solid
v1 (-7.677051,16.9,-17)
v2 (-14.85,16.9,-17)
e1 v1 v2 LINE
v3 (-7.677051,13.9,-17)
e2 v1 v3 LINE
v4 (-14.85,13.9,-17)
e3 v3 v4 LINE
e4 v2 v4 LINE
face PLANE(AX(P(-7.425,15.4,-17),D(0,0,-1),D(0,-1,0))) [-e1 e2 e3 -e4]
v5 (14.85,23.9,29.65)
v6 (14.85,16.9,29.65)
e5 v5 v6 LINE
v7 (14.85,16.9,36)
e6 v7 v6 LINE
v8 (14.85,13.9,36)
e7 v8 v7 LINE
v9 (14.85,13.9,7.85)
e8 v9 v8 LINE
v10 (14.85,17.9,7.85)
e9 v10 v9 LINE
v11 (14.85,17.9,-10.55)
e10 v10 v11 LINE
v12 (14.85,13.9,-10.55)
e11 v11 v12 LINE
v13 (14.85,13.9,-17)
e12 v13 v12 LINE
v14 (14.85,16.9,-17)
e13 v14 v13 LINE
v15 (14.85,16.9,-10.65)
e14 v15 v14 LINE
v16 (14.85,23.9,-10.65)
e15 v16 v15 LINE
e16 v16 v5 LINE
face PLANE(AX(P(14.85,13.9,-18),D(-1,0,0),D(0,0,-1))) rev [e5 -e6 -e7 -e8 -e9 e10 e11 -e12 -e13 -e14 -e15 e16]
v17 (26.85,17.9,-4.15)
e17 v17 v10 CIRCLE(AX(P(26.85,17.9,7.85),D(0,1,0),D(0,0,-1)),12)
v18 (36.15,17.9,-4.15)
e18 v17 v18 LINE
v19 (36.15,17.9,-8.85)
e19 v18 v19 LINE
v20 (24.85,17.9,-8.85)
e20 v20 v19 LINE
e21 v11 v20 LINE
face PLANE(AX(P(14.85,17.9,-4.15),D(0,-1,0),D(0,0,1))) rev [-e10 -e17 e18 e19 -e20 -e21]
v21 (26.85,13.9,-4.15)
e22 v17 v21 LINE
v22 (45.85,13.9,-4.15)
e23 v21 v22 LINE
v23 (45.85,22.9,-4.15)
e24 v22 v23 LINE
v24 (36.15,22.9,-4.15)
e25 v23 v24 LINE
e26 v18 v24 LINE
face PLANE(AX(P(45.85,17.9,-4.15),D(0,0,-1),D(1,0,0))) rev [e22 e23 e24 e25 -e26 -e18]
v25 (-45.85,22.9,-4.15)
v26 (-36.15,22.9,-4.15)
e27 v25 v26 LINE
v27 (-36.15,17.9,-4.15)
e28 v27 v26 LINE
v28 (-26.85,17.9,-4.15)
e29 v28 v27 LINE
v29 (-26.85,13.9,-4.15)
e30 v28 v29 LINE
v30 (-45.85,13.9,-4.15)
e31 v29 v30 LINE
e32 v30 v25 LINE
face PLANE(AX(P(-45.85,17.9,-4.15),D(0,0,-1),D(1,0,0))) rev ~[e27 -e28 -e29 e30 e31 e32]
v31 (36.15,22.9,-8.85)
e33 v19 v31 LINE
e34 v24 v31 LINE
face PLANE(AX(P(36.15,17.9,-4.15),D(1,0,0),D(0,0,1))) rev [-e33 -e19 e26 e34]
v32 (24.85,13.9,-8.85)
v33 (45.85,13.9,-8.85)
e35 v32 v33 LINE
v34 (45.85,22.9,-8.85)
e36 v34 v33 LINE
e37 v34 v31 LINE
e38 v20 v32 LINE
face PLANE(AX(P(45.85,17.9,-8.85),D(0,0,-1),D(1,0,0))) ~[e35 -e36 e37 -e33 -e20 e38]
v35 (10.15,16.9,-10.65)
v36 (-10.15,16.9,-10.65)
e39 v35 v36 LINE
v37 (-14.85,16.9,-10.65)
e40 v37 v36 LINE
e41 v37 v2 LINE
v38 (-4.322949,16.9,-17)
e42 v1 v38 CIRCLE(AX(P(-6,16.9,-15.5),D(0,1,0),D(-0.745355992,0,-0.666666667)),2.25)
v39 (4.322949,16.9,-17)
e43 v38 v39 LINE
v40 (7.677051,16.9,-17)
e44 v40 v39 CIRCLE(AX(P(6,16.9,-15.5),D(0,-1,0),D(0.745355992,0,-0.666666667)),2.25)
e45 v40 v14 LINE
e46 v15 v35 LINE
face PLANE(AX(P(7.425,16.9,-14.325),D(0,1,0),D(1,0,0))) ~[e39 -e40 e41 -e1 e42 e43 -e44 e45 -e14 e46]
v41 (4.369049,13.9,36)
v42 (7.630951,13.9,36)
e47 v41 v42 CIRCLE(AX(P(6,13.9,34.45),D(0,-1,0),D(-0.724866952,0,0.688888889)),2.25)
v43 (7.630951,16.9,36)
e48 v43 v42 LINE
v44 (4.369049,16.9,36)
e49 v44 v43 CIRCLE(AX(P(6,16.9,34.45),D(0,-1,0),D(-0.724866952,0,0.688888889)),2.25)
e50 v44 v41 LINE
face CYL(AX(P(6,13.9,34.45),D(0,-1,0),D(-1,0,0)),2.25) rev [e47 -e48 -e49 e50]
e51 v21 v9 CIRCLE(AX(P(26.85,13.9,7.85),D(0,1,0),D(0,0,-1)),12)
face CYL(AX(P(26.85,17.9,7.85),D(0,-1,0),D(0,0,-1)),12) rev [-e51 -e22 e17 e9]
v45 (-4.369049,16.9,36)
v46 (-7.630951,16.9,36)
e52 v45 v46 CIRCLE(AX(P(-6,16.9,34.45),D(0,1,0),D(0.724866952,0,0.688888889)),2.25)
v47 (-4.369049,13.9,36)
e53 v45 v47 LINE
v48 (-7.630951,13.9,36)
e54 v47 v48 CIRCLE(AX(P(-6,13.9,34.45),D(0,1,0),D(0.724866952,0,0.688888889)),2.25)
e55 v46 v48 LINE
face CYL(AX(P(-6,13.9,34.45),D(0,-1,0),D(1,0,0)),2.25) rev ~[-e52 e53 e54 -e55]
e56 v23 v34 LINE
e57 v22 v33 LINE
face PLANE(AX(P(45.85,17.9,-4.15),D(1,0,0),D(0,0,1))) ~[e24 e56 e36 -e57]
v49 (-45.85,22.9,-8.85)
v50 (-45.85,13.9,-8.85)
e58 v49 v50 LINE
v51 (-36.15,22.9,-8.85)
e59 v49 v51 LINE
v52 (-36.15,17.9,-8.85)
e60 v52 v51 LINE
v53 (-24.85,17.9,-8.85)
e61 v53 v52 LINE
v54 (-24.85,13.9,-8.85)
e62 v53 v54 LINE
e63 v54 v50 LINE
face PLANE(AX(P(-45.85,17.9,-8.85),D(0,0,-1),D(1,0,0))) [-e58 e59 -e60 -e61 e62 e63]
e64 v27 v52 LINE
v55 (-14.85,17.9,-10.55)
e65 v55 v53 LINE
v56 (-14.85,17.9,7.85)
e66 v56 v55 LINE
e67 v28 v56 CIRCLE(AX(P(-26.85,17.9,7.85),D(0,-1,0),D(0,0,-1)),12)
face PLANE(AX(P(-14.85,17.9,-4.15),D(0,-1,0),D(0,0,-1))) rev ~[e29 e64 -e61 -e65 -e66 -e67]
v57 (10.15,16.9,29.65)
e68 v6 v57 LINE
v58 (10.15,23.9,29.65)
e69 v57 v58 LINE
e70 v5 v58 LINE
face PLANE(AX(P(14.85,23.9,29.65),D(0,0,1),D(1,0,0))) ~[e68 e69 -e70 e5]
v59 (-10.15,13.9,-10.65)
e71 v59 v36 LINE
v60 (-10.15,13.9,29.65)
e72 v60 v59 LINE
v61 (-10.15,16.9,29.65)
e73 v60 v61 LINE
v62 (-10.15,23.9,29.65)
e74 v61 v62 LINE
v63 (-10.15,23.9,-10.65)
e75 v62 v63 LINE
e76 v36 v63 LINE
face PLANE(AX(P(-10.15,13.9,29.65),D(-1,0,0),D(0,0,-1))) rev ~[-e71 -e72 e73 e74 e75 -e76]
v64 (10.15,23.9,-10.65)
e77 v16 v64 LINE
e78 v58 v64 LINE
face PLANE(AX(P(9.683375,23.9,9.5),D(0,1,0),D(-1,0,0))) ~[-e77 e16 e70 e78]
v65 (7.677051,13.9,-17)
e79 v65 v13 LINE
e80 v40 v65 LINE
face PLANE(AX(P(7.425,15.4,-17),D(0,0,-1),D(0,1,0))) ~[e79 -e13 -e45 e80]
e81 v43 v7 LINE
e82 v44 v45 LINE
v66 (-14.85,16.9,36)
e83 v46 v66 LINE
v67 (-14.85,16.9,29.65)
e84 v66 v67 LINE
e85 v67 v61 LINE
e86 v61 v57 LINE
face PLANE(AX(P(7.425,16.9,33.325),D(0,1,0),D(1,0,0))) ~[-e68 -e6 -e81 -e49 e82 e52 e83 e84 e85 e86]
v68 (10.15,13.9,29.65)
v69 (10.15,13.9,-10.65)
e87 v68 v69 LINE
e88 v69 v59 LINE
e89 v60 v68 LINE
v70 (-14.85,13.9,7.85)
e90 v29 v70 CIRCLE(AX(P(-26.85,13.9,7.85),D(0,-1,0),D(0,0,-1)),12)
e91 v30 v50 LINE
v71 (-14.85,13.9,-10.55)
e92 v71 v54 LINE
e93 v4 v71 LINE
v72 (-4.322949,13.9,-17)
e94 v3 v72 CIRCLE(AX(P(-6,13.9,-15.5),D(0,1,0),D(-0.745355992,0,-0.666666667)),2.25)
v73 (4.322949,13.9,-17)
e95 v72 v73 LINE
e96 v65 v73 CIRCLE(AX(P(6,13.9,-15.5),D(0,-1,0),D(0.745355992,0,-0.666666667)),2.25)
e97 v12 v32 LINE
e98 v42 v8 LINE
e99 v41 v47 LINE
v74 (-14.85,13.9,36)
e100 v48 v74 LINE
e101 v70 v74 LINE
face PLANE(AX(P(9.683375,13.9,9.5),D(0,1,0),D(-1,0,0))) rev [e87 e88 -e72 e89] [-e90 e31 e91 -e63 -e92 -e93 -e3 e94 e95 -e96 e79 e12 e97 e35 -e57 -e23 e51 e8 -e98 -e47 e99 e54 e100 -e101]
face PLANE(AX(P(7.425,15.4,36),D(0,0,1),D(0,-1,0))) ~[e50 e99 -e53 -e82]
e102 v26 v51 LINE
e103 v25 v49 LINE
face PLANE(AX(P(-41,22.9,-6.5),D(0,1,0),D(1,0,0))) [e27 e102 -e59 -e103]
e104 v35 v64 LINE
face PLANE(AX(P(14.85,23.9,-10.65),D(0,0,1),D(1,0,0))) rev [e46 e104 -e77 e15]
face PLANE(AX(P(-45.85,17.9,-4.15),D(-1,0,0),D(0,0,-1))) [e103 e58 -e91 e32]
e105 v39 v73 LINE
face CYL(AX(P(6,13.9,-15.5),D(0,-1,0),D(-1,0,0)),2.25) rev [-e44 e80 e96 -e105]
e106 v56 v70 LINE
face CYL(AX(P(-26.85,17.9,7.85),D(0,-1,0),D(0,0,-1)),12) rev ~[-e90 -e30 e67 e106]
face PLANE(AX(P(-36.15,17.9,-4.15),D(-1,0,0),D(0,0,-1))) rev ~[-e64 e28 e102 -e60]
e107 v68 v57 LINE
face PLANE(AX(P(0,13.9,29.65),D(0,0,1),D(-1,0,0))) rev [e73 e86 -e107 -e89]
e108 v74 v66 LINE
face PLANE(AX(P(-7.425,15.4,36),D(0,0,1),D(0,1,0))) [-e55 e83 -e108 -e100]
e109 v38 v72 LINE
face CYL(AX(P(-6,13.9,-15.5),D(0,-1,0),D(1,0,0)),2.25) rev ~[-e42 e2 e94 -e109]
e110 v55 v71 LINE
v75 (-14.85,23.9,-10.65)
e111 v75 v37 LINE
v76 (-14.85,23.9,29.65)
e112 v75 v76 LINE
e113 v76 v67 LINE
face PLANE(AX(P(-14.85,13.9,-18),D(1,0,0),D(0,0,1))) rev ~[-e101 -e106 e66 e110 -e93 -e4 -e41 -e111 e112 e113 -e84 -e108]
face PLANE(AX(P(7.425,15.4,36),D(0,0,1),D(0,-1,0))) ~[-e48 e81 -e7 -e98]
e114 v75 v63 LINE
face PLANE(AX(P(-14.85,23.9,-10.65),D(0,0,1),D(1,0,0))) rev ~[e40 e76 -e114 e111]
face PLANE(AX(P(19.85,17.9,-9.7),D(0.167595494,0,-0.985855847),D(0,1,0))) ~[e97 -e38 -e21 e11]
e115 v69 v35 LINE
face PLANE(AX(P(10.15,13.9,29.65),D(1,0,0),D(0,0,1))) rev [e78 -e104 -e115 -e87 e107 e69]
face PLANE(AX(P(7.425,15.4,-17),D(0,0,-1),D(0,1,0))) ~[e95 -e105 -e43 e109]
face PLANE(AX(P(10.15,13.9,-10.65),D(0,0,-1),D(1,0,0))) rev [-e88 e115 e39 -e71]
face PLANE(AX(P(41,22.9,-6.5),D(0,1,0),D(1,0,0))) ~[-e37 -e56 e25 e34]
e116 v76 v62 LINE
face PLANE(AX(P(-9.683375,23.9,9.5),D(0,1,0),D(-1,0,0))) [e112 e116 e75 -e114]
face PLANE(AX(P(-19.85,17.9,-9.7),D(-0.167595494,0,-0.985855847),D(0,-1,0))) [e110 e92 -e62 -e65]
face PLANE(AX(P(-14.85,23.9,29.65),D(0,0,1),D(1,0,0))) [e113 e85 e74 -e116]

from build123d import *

# Parameters (mm, degrees)
SKETCH055_R       = 2.25
PAD023_DEPTH      = 10
SKETCH056_W       = 4.7
SKETCH056_H       = 4
PAD024_DEPTH      = 31
SKETCH057_W       = 9.7
SKETCH057_H       = 4.7
PAD025_DEPTH      = 5
SKETCH058_W       = 14.85
SKETCH058_H       = 7.35
POCKET028_DEPTH   = 7
POCKET028_FACE1_W = 3
POCKET028_FACE1_H = 14.85
POCKET029_DEPTH   = 1
POCKET029_FACE4_W = 3
POCKET029_FACE4_H = 14.85
POCKET030_DEPTH   = 1
FILLET005_R       = 12
CHAMFER002_SIZE2  = 10
CHAMFER002_SIZE   = 1.7


with BuildPart() as part:
    # Sketch055 → Pad023 (new body)
    with BuildSketch(Plane.XZ):
        Polygon((-10.15, 29.65), (-10.15, -10.65), (0, -10.65), (0, -18), (-14.85, -18), (-14.85, 37), (0, 37), (0, 29.65), align=None)
        with Locations((-6, 34.45)):
            Circle(SKETCH055_R, mode=Mode.SUBTRACT)
        with Locations((-6, -15.5)):
            Circle(SKETCH055_R, mode=Mode.SUBTRACT)
    extrude(amount=-PAD023_DEPTH)

    # Sketch056 (on Face8 of Pad023) → Pad024 (join)
    with BuildSketch(Plane(origin=(-14.85, 0, 0), x_dir=(0, 0, -1), z_dir=(-1, 0, 0))):
        with Locations((6.5, -2)):
            Rectangle(SKETCH056_W, SKETCH056_H)
    extrude(amount=PAD024_DEPTH)

    # Sketch057 (on Face7 of Pad024) → Pad025 (join)
    with BuildSketch(Plane(origin=(0, 4, 0), x_dir=(1, 0, 0), z_dir=(0, 1, 0))):
        with Locations((-41, 6.5)):
            Rectangle(SKETCH057_W, SKETCH057_H)
    extrude(amount=PAD025_DEPTH)

    # Sketch058 (on Face5 of Pad025) → Pocket028 (cut)
    with BuildSketch(Plane(origin=(0, 10, 0), x_dir=(1, 0, 0), z_dir=(0, 1, 0))):
        with Locations((-7.425, 14.325)):
            Rectangle(SKETCH058_W, SKETCH058_H)
        with Locations((-7.425, -33.325)):
            Rectangle(SKETCH058_W, SKETCH058_H)
    extrude(amount=-POCKET028_DEPTH, mode=Mode.SUBTRACT)

    # Pocket028 Face1 → Pocket029 (cut)
    with BuildSketch(Plane(origin=(-7.425, 1.5, 37), x_dir=(0, 1, 0), z_dir=(0, 0, 1))):
        Rectangle(POCKET028_FACE1_W, POCKET028_FACE1_H)
    extrude(amount=-POCKET029_DEPTH, mode=Mode.SUBTRACT)

    # Pocket029 Face4 → Pocket030 (cut)
    with BuildSketch(Plane(origin=(-7.425, 1.5, -18), x_dir=(0, -1, 0), z_dir=(0, 0, -1))):
        Rectangle(POCKET029_FACE4_W, POCKET029_FACE4_H)
    extrude(amount=-POCKET030_DEPTH, mode=Mode.SUBTRACT)

    # Fillet005
    fillet005_edges = [part.edges().sort_by_distance(p)[0] for p in [
        (-14.85, 2, -4.15),
    ]]
    fillet(fillet005_edges, radius=FILLET005_R)

    # Chamfer002
    chamfer002_edges = [part.edges().sort_by_distance(p)[0] for p in [
        (-14.85, 2, -8.85),
    ]]
    chamfer002_side = part.faces().sort_by_distance((-14.85, 5.179134, 11.284665))[0]
    chamfer(chamfer002_edges, length=CHAMFER002_SIZE, length2=CHAMFER002_SIZE2, reference=chamfer002_side)

    # Mirrored002: part across YZ


with BuildPart() as part_1:
    add(part.part)
    add(part.part.mirror(Plane.YZ))


with BuildPart() as part_2:
    # Body012 placement: moved
    add(part_1.part.moved(Location((0, 13.9, 0))))


solid = part_2.part
